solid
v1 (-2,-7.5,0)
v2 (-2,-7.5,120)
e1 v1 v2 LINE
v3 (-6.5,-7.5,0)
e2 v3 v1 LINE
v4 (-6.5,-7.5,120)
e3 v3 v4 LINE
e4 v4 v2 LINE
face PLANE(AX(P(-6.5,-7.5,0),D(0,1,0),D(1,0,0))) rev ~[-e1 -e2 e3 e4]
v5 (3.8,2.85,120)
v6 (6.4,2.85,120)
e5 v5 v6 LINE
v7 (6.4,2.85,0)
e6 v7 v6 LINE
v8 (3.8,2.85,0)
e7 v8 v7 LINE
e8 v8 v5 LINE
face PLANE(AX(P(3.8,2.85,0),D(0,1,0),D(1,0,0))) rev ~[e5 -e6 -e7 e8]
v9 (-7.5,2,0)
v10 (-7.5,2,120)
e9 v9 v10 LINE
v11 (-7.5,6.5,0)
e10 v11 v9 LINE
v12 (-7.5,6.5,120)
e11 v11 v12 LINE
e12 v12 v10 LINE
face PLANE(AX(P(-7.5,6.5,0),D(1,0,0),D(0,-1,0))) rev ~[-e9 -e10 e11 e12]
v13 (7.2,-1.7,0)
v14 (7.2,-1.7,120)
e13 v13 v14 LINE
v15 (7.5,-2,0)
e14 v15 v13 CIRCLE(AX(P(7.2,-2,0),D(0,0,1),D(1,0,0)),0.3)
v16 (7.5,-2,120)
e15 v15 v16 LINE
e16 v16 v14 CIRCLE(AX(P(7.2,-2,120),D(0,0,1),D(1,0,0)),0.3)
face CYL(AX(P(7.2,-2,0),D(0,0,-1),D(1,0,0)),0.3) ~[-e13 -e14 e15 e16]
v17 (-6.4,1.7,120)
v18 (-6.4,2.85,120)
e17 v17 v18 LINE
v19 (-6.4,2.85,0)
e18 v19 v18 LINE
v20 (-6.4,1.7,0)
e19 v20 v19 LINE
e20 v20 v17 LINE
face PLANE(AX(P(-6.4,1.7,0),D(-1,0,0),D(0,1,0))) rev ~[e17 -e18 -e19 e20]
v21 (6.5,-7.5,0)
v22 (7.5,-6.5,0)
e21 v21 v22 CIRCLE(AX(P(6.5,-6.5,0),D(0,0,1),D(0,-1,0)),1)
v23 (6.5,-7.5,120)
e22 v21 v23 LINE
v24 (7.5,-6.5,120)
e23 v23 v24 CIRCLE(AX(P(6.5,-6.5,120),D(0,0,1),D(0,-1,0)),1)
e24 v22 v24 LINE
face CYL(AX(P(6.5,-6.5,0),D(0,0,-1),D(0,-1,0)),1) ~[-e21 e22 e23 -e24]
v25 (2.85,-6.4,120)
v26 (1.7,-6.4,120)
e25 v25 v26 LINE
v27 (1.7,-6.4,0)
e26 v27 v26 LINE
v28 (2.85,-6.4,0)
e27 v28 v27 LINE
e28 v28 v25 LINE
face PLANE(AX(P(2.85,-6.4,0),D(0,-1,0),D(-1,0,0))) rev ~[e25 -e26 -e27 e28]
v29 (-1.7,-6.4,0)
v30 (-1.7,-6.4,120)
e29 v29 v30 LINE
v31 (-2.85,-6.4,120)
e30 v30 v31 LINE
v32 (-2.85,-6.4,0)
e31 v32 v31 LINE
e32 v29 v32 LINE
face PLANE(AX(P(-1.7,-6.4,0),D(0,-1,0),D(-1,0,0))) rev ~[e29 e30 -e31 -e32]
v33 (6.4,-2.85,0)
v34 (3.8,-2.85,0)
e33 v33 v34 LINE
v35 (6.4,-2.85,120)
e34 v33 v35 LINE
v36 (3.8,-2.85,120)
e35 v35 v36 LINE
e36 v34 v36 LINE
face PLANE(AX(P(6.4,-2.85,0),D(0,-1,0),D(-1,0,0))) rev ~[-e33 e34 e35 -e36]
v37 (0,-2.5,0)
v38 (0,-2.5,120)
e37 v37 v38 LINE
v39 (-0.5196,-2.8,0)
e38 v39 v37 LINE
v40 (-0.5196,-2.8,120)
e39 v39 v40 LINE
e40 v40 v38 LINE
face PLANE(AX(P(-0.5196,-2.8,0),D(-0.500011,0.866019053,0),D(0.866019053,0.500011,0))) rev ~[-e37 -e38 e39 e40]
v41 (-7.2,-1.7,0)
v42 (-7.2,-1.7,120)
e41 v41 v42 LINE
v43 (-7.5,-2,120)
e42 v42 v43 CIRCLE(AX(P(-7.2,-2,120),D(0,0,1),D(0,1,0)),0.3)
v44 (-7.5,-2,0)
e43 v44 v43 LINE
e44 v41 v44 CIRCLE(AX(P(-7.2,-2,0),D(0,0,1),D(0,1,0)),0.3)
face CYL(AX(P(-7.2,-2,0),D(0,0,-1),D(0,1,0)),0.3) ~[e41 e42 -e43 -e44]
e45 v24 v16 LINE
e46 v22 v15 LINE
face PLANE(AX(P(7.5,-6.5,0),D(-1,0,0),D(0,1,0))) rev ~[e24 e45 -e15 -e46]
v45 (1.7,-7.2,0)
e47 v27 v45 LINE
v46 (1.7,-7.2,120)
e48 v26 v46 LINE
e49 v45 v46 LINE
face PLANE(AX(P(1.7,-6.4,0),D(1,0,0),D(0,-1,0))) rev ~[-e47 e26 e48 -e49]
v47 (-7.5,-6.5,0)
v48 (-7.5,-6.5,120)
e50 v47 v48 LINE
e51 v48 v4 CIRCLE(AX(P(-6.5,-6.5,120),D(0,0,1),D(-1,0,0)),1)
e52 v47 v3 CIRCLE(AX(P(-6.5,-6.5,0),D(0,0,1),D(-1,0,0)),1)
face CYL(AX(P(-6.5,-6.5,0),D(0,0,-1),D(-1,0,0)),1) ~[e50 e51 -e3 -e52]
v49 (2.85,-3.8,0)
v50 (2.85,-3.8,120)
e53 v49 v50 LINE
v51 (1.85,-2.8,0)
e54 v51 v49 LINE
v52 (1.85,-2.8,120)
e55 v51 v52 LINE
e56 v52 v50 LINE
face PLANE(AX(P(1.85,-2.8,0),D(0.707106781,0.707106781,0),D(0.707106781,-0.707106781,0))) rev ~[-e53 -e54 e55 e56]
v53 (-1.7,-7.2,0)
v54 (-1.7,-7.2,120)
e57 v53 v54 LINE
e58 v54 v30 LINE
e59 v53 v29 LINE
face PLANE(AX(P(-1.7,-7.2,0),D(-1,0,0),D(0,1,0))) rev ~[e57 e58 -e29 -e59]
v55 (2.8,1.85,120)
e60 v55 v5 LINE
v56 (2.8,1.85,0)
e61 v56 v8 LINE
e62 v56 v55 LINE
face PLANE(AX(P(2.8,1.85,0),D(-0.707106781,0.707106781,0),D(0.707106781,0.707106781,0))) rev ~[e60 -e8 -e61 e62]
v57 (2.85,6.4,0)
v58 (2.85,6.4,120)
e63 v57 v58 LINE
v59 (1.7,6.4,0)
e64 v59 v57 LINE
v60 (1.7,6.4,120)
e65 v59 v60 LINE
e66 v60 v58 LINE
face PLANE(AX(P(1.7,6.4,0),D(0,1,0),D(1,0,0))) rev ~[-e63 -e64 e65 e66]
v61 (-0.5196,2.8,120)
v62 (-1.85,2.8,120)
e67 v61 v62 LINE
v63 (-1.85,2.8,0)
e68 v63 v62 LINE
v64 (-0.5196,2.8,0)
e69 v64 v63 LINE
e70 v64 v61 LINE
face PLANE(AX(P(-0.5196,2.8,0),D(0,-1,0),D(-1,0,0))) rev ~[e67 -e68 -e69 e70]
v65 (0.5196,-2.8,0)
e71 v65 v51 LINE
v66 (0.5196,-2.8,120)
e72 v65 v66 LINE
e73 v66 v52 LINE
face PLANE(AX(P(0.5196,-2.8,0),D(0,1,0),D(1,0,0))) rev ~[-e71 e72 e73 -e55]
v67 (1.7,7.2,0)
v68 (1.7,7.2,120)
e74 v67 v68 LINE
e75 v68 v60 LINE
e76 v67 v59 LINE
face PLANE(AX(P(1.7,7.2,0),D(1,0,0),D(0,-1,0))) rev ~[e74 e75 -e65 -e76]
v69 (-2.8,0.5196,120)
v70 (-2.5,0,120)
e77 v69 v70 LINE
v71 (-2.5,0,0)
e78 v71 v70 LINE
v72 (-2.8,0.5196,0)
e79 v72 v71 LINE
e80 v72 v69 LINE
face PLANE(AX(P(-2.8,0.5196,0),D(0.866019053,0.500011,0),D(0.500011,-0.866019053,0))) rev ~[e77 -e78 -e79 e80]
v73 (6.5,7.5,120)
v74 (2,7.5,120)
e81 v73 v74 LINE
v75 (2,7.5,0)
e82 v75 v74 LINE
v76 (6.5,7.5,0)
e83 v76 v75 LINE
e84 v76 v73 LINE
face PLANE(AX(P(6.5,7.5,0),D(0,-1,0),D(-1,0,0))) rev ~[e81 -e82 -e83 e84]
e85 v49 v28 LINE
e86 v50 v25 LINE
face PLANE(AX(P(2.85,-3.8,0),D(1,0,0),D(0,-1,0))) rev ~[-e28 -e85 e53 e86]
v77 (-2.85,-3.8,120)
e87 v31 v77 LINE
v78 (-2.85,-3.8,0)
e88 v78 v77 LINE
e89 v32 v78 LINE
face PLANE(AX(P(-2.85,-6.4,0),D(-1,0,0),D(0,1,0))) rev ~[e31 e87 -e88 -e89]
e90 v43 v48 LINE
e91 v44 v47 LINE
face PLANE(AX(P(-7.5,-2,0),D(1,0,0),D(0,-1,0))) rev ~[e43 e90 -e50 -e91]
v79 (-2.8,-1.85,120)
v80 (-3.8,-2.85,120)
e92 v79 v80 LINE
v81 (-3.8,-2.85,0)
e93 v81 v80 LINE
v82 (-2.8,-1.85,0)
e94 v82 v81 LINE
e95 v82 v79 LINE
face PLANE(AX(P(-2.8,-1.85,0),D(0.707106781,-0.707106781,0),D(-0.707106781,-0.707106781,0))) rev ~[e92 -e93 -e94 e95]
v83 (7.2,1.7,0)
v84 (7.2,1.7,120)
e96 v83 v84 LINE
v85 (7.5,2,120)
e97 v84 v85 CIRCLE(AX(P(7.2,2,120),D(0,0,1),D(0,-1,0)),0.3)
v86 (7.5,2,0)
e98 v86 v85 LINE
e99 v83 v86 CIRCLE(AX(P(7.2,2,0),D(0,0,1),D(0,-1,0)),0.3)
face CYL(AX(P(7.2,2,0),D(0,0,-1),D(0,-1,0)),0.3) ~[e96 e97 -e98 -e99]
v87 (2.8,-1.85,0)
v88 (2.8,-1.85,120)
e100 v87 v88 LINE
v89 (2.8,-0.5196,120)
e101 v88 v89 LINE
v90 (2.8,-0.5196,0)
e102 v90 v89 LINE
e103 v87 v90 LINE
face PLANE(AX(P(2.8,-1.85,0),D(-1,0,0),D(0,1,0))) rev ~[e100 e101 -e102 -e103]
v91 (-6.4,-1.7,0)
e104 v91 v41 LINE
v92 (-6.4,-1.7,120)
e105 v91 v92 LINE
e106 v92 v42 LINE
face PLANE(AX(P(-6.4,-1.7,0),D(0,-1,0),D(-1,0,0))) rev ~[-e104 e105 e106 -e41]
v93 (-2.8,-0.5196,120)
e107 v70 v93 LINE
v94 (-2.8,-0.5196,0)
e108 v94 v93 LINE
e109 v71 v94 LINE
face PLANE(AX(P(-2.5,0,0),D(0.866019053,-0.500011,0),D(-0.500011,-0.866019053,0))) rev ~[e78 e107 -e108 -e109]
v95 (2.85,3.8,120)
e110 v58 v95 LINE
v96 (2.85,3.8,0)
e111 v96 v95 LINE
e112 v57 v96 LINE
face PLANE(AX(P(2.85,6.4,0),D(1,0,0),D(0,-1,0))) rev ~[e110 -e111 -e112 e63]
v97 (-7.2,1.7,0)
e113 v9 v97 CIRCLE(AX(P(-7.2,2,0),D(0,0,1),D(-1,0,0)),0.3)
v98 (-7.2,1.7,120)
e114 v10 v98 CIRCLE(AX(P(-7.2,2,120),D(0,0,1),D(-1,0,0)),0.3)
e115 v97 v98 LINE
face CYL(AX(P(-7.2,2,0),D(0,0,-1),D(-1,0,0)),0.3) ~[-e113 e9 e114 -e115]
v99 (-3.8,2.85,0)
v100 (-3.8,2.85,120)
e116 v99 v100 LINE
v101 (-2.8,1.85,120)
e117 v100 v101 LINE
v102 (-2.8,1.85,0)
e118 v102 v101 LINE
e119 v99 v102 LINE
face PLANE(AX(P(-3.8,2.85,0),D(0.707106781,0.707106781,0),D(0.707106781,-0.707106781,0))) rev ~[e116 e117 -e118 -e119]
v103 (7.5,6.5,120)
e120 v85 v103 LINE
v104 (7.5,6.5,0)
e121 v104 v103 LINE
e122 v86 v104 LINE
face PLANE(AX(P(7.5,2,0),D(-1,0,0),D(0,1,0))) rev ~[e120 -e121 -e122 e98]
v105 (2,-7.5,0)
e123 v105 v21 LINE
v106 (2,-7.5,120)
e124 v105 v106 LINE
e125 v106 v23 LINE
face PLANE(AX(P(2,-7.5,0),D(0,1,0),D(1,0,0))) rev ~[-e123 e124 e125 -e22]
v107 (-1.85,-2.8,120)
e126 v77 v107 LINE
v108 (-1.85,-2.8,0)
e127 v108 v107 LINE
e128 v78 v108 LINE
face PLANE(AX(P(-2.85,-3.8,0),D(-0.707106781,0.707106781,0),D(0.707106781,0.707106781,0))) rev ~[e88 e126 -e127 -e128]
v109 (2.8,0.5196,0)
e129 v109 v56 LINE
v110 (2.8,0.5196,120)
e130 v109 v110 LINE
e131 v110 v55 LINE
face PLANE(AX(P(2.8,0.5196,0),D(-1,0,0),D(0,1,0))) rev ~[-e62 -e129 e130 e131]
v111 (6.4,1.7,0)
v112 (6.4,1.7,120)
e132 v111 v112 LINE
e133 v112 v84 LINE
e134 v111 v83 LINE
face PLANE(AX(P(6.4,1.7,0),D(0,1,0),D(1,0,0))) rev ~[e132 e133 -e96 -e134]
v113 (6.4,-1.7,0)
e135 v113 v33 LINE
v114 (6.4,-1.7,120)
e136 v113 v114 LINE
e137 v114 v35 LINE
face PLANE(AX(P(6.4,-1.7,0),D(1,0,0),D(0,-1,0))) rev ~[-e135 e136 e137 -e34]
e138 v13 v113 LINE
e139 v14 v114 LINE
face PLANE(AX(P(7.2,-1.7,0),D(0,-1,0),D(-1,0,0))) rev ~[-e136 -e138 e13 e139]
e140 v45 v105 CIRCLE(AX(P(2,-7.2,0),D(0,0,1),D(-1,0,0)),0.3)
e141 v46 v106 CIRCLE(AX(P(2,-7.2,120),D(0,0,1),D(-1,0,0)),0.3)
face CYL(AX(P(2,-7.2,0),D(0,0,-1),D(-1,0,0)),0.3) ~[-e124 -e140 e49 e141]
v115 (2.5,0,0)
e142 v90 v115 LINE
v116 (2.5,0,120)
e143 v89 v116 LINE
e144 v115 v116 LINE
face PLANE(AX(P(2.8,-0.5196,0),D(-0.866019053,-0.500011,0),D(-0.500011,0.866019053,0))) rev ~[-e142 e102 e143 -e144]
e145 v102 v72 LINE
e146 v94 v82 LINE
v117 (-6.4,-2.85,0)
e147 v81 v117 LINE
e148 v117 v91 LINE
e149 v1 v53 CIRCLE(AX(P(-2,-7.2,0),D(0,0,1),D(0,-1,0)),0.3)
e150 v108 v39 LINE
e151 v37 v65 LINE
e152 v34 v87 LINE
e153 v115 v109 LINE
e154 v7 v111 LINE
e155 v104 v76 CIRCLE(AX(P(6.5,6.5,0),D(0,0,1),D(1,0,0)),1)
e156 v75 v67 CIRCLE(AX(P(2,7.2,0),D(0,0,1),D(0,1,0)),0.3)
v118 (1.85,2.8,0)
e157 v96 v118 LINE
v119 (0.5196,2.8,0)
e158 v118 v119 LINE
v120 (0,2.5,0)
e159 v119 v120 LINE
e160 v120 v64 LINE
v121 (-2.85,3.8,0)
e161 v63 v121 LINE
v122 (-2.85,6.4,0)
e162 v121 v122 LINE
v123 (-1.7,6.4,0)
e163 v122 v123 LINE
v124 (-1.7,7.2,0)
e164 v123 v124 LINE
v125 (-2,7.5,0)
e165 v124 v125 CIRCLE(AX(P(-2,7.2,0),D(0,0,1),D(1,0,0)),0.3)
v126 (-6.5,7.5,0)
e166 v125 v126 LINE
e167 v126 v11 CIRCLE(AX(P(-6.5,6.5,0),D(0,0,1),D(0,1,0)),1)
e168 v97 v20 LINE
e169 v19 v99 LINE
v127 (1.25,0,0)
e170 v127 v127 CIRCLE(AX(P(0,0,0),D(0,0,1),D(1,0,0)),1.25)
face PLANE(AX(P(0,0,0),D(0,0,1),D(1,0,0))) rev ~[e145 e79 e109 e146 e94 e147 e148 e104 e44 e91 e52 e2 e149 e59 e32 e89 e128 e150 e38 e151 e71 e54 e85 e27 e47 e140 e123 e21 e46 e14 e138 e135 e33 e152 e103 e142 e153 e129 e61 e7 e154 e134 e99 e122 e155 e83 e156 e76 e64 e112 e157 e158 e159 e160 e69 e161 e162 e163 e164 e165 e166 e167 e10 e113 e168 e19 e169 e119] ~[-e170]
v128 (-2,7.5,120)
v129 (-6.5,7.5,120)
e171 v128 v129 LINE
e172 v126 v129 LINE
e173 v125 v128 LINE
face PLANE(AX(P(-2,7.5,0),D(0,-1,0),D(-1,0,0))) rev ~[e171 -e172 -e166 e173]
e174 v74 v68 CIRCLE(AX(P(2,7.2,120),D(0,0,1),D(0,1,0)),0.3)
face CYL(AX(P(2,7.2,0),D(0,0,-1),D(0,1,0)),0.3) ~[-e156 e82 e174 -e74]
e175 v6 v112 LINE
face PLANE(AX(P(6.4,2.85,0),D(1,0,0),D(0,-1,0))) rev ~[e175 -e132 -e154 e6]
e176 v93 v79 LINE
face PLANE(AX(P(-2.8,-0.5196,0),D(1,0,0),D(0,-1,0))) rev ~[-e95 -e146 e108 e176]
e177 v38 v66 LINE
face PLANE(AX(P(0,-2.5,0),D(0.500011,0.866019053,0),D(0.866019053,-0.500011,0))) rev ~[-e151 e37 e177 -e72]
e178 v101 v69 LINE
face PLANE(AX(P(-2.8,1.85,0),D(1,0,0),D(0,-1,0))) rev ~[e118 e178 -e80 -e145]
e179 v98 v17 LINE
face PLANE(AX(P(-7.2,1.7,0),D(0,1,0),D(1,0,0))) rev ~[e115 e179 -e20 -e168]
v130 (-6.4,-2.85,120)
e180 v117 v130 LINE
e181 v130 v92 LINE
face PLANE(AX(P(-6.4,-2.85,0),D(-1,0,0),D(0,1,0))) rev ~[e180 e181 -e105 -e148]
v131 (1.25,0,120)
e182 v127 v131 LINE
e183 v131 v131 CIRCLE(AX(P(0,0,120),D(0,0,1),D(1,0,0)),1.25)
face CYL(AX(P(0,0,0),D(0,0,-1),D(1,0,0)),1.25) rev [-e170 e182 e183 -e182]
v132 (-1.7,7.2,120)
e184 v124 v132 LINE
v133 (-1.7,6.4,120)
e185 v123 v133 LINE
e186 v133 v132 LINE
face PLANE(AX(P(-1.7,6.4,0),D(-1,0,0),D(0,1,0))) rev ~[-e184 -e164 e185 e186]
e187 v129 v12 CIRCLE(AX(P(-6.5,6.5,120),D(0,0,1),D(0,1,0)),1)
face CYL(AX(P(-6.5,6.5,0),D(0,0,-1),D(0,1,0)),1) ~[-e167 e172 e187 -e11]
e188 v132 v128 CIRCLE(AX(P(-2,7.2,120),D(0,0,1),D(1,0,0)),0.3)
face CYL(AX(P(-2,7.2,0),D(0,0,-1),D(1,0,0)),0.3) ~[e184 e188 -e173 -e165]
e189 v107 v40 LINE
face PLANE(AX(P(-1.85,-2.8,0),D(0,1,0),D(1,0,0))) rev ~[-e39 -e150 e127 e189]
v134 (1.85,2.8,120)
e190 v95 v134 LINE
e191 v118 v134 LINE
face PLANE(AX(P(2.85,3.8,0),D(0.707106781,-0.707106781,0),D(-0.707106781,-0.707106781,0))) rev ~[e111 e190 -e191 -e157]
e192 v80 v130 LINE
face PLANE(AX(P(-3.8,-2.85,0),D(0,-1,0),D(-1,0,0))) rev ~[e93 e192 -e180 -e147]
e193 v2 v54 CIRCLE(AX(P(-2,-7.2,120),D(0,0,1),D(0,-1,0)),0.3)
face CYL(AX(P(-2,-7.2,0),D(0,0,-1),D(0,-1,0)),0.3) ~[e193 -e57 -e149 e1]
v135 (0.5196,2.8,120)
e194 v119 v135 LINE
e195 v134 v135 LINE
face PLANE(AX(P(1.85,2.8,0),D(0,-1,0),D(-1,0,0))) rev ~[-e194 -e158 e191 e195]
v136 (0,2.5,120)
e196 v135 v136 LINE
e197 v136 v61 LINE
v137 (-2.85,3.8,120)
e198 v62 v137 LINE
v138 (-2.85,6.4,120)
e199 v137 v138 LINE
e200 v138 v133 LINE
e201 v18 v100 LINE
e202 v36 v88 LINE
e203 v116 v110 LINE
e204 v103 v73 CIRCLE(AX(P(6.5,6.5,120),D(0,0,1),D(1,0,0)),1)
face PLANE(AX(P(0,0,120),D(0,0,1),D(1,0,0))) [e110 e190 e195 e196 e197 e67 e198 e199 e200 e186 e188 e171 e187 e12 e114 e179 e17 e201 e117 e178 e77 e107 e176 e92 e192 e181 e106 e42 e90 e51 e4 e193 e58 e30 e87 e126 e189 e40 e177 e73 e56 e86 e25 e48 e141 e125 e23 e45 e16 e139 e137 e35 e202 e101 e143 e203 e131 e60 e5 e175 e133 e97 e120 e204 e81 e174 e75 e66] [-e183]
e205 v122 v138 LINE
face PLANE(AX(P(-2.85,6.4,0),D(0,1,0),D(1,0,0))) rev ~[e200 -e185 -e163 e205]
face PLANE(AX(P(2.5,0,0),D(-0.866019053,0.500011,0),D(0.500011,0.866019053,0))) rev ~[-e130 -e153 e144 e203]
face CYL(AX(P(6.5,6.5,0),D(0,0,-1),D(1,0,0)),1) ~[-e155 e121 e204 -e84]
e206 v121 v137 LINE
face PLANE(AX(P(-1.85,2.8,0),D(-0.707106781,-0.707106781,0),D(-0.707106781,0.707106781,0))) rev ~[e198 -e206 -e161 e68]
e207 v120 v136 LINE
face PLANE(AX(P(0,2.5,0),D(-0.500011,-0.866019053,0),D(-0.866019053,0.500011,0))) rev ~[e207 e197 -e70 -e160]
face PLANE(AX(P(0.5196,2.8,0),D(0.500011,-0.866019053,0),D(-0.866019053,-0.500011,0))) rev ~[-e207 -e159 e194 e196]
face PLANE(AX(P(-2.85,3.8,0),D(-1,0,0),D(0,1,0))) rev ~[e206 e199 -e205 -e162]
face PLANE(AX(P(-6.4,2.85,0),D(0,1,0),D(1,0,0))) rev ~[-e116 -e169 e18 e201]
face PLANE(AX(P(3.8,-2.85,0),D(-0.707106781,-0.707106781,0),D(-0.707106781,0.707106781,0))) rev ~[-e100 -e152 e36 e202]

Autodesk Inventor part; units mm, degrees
ref_plane "YZ Plane" through (0, 0, 0) normal (1, 0, 0) x (0, 1, 0)
ref_plane "XZ Plane" through (0, 0, 0) normal (0, 1, 0) x (-1, 0, 0)
ref_plane "XY Plane" through (0, 0, 0) normal (0, 0, 1) x (1, 0, 0)
sketch "Sketch_1" plane through (0, 0, 0) normal (0, 0, 1) x (1, 0, 0)
  arc A0 (-7.5, 2) -> (-7.2, 1.7) centre (-7.2, 2) ccw
  line L0 (-7.2, 1.7) -> (-6.4, 1.7)
  line L1 (-6.4, 1.7) -> (-6.4, 2.85)
  line L2 (-6.4, 2.85) -> (-3.8, 2.85)
  line L3 (-3.8, 2.85) -> (-2.8, 1.85)
  line L4 (-2.8, 1.85) -> (-2.8, 0.5196)
  line L5 (-2.8, 0.5196) -> (-2.5, 0)
  line L6 (-2.5, 0) -> (-2.8, -0.5196)
  line L7 (-2.8, -0.5196) -> (-2.8, -1.85)
  line L8 (-2.8, -1.85) -> (-3.8, -2.85)
  line L9 (-3.8, -2.85) -> (-6.4, -2.85)
  line L10 (-6.4, -2.85) -> (-6.4, -1.7)
  line L11 (-6.4, -1.7) -> (-7.2, -1.7)
  arc A1 (-7.2, -1.7) -> (-7.5, -2) centre (-7.2, -2) ccw
  line L12 (-7.5, -2) -> (-7.5, -6.5)
  arc A2 (-7.5, -6.5) -> (-6.5, -7.5) centre (-6.5, -6.5) ccw
  line L13 (-6.5, -7.5) -> (-2, -7.5)
  arc A3 (-2, -7.5) -> (-1.7, -7.2) centre (-2, -7.2) ccw
  line L14 (-1.7, -7.2) -> (-1.7, -6.4)
  line L15 (-1.7, -6.4) -> (-2.85, -6.4)
  line L16 (-2.85, -6.4) -> (-2.85, -3.8)
  line L17 (-2.85, -3.8) -> (-1.85, -2.8)
  line L18 (-1.85, -2.8) -> (-0.5196, -2.8)
  line L19 (-0.5196, -2.8) -> (0, -2.5)
  line L20 (0, -2.5) -> (0.5196, -2.8)
  line L21 (0.5196, -2.8) -> (1.85, -2.8)
  line L22 (1.85, -2.8) -> (2.85, -3.8)
  line L23 (2.85, -3.8) -> (2.85, -6.4)
  line L24 (2.85, -6.4) -> (1.7, -6.4)
  line L25 (1.7, -6.4) -> (1.7, -7.2)
  arc A4 (1.7, -7.2) -> (2, -7.5) centre (2, -7.2) ccw
  line L26 (2, -7.5) -> (6.5, -7.5)
  arc A5 (6.5, -7.5) -> (7.5, -6.5) centre (6.5, -6.5) ccw
  line L27 (7.5, -6.5) -> (7.5, -2)
  arc A6 (7.5, -2) -> (7.2, -1.7) centre (7.2, -2) ccw
  line L28 (7.2, -1.7) -> (6.4, -1.7)
  line L29 (6.4, -1.7) -> (6.4, -2.85)
  line L30 (6.4, -2.85) -> (3.8, -2.85)
  line L31 (3.8, -2.85) -> (2.8, -1.85)
  line L32 (2.8, -1.85) -> (2.8, -0.5196)
  line L33 (2.8, -0.5196) -> (2.5, 0)
  line L34 (2.5, 0) -> (2.8, 0.5196)
  line L35 (2.8, 0.5196) -> (2.8, 1.85)
  line L36 (2.8, 1.85) -> (3.8, 2.85)
  line L37 (3.8, 2.85) -> (6.4, 2.85)
  line L38 (6.4, 2.85) -> (6.4, 1.7)
  line L39 (6.4, 1.7) -> (7.2, 1.7)
  arc A7 (7.2, 1.7) -> (7.5, 2) centre (7.2, 2) ccw
  line L40 (7.5, 2) -> (7.5, 6.5)
  arc A8 (7.5, 6.5) -> (6.5, 7.5) centre (6.5, 6.5) ccw
  line L41 (6.5, 7.5) -> (2, 7.5)
  arc A9 (2, 7.5) -> (1.7, 7.2) centre (2, 7.2) ccw
  line L42 (1.7, 7.2) -> (1.7, 6.4)
  line L43 (1.7, 6.4) -> (2.85, 6.4)
  line L44 (2.85, 6.4) -> (2.85, 3.8)
  line L45 (2.85, 3.8) -> (1.85, 2.8)
  line L46 (1.85, 2.8) -> (0.5196, 2.8)
  line L47 (0.5196, 2.8) -> (0, 2.5)
  line L48 (0, 2.5) -> (-0.5196, 2.8)
  line L49 (-0.5196, 2.8) -> (-1.85, 2.8)
  line L50 (-1.85, 2.8) -> (-2.85, 3.8)
  line L51 (-2.85, 3.8) -> (-2.85, 6.4)
  line L52 (-2.85, 6.4) -> (-1.7, 6.4)
  line L53 (-1.7, 6.4) -> (-1.7, 7.2)
  arc A10 (-1.7, 7.2) -> (-2, 7.5) centre (-2, 7.2) ccw
  line L54 (-2, 7.5) -> (-6.5, 7.5)
  arc A11 (-6.5, 7.5) -> (-7.5, 6.5) centre (-6.5, 6.5) ccw
  line L55 (-7.5, 6.5) -> (-7.5, 2)
  circle A12 centre (0, 0) radius 1.25
extrude "Extrusion1" add sketch "Sketch_1" along normal blind 120
equation "\"d0\" = L"
equation "\"L\" = 120"
properties part number "HFS3-1515-120"
